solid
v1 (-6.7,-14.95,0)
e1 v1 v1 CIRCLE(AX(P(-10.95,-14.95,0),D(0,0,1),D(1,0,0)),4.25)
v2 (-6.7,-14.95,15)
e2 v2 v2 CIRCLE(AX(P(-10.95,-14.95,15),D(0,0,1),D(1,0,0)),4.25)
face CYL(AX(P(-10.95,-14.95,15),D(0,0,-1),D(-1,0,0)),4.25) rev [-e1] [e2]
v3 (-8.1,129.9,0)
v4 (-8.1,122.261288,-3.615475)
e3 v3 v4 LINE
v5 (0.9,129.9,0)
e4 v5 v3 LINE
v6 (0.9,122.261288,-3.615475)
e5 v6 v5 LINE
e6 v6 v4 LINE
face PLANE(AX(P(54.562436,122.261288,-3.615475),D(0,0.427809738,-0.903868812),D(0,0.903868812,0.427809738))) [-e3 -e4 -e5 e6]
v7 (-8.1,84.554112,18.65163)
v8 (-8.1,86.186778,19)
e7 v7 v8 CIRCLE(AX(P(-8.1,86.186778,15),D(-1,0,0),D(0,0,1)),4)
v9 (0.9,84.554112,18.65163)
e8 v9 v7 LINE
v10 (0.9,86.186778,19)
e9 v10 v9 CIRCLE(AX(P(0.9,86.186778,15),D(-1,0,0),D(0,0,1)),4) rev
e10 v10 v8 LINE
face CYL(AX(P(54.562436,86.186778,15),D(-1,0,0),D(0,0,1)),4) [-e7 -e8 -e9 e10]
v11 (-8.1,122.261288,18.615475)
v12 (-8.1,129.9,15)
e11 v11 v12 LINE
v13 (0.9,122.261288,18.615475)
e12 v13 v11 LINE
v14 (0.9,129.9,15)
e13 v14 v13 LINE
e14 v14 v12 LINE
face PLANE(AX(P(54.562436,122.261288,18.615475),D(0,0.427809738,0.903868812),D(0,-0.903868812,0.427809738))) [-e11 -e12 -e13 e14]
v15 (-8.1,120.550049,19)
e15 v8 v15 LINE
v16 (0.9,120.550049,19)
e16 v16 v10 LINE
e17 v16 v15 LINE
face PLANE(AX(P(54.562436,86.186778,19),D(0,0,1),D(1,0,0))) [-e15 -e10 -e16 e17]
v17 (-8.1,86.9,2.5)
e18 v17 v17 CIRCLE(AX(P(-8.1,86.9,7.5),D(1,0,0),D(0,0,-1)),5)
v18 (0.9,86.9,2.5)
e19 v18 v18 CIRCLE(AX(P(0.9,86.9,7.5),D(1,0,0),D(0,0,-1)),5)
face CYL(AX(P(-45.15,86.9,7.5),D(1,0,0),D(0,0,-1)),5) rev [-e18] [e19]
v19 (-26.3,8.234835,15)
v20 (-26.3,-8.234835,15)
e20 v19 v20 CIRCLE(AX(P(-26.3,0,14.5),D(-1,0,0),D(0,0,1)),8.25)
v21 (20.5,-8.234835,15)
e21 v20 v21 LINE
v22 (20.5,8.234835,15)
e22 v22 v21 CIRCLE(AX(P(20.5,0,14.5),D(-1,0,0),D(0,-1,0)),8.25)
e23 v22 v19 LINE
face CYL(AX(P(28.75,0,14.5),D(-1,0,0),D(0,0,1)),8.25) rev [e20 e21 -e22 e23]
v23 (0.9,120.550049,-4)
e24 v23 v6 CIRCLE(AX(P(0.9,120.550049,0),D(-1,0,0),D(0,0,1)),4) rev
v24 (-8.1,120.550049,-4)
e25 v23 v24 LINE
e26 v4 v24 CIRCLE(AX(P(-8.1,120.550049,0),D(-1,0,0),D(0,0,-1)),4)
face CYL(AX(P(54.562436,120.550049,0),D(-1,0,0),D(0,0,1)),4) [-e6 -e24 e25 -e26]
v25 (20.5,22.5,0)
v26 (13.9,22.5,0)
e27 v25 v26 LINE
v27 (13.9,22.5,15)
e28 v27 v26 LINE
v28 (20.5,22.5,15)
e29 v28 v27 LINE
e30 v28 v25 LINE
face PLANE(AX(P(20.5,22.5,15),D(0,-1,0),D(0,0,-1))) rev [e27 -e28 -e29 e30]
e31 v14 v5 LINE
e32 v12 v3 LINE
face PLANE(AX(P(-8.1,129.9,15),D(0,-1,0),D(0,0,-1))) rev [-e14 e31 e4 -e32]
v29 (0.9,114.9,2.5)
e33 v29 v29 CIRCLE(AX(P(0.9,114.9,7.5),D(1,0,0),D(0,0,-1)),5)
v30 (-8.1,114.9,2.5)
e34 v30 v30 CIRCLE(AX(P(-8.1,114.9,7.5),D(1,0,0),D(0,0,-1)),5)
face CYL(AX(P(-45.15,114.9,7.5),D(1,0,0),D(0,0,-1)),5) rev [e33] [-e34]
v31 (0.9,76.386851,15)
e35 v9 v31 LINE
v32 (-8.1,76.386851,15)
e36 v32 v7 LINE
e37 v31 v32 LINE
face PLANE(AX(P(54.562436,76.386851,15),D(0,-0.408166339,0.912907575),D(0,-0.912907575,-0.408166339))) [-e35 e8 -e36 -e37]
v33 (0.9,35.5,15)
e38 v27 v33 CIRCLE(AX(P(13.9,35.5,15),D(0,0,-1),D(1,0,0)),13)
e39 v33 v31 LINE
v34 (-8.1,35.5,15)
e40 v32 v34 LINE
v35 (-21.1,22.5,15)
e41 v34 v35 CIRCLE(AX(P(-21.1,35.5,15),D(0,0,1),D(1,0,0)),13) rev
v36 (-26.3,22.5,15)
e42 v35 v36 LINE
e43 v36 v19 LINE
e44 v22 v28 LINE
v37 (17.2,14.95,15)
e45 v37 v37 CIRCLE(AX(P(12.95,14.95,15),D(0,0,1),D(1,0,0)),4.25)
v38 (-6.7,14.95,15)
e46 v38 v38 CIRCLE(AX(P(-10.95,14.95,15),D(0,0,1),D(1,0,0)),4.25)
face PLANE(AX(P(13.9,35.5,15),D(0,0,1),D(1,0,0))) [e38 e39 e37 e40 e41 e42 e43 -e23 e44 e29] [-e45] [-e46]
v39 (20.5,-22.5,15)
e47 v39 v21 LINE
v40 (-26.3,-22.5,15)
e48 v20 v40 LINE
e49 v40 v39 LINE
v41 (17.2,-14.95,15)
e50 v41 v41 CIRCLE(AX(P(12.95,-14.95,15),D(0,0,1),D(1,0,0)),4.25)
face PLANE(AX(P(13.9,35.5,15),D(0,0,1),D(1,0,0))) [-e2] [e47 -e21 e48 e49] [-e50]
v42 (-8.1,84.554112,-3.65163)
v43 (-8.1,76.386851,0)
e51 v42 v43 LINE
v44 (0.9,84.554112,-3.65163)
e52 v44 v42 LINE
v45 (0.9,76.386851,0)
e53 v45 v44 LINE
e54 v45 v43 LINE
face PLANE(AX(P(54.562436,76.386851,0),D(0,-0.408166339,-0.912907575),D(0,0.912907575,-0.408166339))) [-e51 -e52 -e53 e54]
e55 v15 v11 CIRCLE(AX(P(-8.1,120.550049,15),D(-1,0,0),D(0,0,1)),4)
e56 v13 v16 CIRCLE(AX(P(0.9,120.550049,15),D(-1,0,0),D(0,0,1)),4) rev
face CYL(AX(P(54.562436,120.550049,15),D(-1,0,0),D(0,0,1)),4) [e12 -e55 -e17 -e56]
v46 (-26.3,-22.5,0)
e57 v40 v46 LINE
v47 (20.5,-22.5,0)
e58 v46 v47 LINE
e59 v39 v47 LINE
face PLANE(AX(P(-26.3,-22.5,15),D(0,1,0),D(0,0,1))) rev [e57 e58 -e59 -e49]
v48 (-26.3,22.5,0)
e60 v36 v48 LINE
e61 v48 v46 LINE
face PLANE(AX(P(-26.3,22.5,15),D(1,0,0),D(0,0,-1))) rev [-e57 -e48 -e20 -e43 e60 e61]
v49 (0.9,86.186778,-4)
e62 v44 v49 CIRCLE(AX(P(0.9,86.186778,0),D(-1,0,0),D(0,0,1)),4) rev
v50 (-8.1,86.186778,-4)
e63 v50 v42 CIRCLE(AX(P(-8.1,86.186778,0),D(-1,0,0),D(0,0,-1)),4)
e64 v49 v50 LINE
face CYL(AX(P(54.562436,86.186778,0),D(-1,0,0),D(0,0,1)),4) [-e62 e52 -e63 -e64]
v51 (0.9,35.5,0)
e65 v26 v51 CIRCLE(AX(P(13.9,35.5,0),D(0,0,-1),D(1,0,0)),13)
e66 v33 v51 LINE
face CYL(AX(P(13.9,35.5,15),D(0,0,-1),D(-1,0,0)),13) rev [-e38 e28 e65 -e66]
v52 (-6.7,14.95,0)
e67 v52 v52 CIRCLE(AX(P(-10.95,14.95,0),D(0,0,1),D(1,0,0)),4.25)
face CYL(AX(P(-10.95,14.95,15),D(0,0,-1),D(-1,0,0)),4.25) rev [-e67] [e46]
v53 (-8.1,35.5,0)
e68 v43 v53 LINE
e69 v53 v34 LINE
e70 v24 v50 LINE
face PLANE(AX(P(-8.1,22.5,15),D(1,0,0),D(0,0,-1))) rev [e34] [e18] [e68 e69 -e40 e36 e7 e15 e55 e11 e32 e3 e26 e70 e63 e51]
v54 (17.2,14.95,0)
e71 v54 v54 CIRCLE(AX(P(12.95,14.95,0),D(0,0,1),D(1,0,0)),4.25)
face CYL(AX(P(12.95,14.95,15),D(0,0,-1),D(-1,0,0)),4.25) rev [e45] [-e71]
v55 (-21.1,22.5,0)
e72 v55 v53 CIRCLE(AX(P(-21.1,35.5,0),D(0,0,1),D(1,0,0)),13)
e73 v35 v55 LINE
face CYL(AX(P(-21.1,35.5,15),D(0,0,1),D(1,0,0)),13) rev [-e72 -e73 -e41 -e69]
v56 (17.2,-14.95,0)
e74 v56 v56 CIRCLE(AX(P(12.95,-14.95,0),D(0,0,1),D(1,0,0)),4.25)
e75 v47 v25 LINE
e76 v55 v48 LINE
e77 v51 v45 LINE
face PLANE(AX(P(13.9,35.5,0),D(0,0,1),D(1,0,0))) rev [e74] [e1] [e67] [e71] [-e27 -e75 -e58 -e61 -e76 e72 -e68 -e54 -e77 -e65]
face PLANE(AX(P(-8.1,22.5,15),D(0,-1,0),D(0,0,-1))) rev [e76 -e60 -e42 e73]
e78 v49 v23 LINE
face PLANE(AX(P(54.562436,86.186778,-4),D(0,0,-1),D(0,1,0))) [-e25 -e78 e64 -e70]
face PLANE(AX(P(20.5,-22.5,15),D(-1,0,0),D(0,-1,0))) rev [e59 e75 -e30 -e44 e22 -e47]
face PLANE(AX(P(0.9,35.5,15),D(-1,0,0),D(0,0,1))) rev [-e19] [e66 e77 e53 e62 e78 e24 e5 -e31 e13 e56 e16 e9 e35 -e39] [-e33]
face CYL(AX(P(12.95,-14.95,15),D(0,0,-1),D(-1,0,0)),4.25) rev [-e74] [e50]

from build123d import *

# Parameters (mm, degrees)
SKETCH1_R           = 4.25
BOSS_EXTRUDE1_DEPTH = 15
SKETCH3_R           = 8.25
CUT_EXTRUDE1_DEPTH  = 55.05
SKETCH4_R           = 5
CUT_EXTRUDE3_DEPTH  = 46.05
BOSS_EXTRUDE2_DEPTH = 9
FILLET1_R           = 13


with BuildPart() as part:
    # Sketch1 → Boss-Extrude1 (new body)
    with BuildSketch(Plane.XY):
        with BuildLine():
            Line((-8.1, 22.5), (-8.1, 129.9))
            Line((-8.1, 129.9), (0.9, 129.9))
            Line((0.9, 129.9), (0.9, 35.5))
            ThreePointArc((0.9, 35.5), (4.707611845, 26.307611845), (13.9, 22.5))
            Line((13.9, 22.5), (20.5, 22.5))
            Line((20.5, 22.5), (20.5, -22.5))
            Line((20.5, -22.5), (-26.3, -22.5))
            Line((-26.3, -22.5), (-26.3, 22.5))
            Line((-26.3, 22.5), (-8.1, 22.5))
        make_face()
        with Locations((-10.95, -14.95)):
            Circle(SKETCH1_R, mode=Mode.SUBTRACT)
        with Locations((12.95, -14.95)):
            Circle(SKETCH1_R, mode=Mode.SUBTRACT)
        with Locations((12.95, 14.95)):
            Circle(SKETCH1_R, mode=Mode.SUBTRACT)
        with Locations((-10.95, 14.95)):
            Circle(SKETCH1_R, mode=Mode.SUBTRACT)
    extrude(amount=BOSS_EXTRUDE1_DEPTH)

    # Sketch3 → Cut-Extrude1 (cut)
    with BuildSketch(Plane.ZY.offset(26.3)):
        with Locations((14.5, 0)):
            Circle(SKETCH3_R)
    extrude(amount=-CUT_EXTRUDE1_DEPTH, mode=Mode.SUBTRACT)

    # Sketch4 → Cut-Extrude3 (cut)
    with BuildSketch(Plane(origin=(0.9, 0, 0), x_dir=(0, 0, -1), z_dir=(1, 0, 0))):
        with Locations((-7.5, 86.9)):
            Circle(SKETCH4_R)
        with Locations((-7.5, 114.9)):
            Circle(SKETCH4_R)
    extrude(amount=-CUT_EXTRUDE3_DEPTH, mode=Mode.SUBTRACT)

    # Sketch6 → Boss-Extrude2 (add)
    with BuildSketch(Plane.ZY.offset(8.1)):
        with BuildLine():
            Line((15, 76.386851455), (18.651630299, 84.554112306))
            ThreePointArc((18.651630299, 84.554112306), (18.911938215, 85.352068488), (19, 86.186777661))
            Line((19, 86.186777661), (19, 120.550049196))
            ThreePointArc((19, 120.550049196), (18.902685036, 121.427003874), (18.615475246, 122.261288146))
            Line((18.615475246, 122.261288146), (15, 129.9))
            Line((15, 129.9), (15, 76.386851455))
        make_face()
        with BuildLine():
            Line((-3.615475246, 122.261288146), (0, 129.9))
            Line((0, 129.9), (0, 76.386851455))
            Line((0, 76.386851455), (-3.651630299, 84.554112306))
            ThreePointArc((-3.651630299, 84.554112306), (-3.911938215, 85.352068488), (-4, 86.186777661))
            Line((-4, 86.186777661), (-4, 120.550049196))
            ThreePointArc((-4, 120.550049196), (-3.902685036, 121.427003874), (-3.615475246, 122.261288146))
        make_face()
    extrude(amount=-BOSS_EXTRUDE2_DEPTH)

    # Fillet1
    fillet1_edges = [part.edges().sort_by_distance(p)[0] for p in [
        (-8.1, 22.5, 7.5),
    ]]
    fillet(fillet1_edges, radius=FILLET1_R)


solid = part.part
